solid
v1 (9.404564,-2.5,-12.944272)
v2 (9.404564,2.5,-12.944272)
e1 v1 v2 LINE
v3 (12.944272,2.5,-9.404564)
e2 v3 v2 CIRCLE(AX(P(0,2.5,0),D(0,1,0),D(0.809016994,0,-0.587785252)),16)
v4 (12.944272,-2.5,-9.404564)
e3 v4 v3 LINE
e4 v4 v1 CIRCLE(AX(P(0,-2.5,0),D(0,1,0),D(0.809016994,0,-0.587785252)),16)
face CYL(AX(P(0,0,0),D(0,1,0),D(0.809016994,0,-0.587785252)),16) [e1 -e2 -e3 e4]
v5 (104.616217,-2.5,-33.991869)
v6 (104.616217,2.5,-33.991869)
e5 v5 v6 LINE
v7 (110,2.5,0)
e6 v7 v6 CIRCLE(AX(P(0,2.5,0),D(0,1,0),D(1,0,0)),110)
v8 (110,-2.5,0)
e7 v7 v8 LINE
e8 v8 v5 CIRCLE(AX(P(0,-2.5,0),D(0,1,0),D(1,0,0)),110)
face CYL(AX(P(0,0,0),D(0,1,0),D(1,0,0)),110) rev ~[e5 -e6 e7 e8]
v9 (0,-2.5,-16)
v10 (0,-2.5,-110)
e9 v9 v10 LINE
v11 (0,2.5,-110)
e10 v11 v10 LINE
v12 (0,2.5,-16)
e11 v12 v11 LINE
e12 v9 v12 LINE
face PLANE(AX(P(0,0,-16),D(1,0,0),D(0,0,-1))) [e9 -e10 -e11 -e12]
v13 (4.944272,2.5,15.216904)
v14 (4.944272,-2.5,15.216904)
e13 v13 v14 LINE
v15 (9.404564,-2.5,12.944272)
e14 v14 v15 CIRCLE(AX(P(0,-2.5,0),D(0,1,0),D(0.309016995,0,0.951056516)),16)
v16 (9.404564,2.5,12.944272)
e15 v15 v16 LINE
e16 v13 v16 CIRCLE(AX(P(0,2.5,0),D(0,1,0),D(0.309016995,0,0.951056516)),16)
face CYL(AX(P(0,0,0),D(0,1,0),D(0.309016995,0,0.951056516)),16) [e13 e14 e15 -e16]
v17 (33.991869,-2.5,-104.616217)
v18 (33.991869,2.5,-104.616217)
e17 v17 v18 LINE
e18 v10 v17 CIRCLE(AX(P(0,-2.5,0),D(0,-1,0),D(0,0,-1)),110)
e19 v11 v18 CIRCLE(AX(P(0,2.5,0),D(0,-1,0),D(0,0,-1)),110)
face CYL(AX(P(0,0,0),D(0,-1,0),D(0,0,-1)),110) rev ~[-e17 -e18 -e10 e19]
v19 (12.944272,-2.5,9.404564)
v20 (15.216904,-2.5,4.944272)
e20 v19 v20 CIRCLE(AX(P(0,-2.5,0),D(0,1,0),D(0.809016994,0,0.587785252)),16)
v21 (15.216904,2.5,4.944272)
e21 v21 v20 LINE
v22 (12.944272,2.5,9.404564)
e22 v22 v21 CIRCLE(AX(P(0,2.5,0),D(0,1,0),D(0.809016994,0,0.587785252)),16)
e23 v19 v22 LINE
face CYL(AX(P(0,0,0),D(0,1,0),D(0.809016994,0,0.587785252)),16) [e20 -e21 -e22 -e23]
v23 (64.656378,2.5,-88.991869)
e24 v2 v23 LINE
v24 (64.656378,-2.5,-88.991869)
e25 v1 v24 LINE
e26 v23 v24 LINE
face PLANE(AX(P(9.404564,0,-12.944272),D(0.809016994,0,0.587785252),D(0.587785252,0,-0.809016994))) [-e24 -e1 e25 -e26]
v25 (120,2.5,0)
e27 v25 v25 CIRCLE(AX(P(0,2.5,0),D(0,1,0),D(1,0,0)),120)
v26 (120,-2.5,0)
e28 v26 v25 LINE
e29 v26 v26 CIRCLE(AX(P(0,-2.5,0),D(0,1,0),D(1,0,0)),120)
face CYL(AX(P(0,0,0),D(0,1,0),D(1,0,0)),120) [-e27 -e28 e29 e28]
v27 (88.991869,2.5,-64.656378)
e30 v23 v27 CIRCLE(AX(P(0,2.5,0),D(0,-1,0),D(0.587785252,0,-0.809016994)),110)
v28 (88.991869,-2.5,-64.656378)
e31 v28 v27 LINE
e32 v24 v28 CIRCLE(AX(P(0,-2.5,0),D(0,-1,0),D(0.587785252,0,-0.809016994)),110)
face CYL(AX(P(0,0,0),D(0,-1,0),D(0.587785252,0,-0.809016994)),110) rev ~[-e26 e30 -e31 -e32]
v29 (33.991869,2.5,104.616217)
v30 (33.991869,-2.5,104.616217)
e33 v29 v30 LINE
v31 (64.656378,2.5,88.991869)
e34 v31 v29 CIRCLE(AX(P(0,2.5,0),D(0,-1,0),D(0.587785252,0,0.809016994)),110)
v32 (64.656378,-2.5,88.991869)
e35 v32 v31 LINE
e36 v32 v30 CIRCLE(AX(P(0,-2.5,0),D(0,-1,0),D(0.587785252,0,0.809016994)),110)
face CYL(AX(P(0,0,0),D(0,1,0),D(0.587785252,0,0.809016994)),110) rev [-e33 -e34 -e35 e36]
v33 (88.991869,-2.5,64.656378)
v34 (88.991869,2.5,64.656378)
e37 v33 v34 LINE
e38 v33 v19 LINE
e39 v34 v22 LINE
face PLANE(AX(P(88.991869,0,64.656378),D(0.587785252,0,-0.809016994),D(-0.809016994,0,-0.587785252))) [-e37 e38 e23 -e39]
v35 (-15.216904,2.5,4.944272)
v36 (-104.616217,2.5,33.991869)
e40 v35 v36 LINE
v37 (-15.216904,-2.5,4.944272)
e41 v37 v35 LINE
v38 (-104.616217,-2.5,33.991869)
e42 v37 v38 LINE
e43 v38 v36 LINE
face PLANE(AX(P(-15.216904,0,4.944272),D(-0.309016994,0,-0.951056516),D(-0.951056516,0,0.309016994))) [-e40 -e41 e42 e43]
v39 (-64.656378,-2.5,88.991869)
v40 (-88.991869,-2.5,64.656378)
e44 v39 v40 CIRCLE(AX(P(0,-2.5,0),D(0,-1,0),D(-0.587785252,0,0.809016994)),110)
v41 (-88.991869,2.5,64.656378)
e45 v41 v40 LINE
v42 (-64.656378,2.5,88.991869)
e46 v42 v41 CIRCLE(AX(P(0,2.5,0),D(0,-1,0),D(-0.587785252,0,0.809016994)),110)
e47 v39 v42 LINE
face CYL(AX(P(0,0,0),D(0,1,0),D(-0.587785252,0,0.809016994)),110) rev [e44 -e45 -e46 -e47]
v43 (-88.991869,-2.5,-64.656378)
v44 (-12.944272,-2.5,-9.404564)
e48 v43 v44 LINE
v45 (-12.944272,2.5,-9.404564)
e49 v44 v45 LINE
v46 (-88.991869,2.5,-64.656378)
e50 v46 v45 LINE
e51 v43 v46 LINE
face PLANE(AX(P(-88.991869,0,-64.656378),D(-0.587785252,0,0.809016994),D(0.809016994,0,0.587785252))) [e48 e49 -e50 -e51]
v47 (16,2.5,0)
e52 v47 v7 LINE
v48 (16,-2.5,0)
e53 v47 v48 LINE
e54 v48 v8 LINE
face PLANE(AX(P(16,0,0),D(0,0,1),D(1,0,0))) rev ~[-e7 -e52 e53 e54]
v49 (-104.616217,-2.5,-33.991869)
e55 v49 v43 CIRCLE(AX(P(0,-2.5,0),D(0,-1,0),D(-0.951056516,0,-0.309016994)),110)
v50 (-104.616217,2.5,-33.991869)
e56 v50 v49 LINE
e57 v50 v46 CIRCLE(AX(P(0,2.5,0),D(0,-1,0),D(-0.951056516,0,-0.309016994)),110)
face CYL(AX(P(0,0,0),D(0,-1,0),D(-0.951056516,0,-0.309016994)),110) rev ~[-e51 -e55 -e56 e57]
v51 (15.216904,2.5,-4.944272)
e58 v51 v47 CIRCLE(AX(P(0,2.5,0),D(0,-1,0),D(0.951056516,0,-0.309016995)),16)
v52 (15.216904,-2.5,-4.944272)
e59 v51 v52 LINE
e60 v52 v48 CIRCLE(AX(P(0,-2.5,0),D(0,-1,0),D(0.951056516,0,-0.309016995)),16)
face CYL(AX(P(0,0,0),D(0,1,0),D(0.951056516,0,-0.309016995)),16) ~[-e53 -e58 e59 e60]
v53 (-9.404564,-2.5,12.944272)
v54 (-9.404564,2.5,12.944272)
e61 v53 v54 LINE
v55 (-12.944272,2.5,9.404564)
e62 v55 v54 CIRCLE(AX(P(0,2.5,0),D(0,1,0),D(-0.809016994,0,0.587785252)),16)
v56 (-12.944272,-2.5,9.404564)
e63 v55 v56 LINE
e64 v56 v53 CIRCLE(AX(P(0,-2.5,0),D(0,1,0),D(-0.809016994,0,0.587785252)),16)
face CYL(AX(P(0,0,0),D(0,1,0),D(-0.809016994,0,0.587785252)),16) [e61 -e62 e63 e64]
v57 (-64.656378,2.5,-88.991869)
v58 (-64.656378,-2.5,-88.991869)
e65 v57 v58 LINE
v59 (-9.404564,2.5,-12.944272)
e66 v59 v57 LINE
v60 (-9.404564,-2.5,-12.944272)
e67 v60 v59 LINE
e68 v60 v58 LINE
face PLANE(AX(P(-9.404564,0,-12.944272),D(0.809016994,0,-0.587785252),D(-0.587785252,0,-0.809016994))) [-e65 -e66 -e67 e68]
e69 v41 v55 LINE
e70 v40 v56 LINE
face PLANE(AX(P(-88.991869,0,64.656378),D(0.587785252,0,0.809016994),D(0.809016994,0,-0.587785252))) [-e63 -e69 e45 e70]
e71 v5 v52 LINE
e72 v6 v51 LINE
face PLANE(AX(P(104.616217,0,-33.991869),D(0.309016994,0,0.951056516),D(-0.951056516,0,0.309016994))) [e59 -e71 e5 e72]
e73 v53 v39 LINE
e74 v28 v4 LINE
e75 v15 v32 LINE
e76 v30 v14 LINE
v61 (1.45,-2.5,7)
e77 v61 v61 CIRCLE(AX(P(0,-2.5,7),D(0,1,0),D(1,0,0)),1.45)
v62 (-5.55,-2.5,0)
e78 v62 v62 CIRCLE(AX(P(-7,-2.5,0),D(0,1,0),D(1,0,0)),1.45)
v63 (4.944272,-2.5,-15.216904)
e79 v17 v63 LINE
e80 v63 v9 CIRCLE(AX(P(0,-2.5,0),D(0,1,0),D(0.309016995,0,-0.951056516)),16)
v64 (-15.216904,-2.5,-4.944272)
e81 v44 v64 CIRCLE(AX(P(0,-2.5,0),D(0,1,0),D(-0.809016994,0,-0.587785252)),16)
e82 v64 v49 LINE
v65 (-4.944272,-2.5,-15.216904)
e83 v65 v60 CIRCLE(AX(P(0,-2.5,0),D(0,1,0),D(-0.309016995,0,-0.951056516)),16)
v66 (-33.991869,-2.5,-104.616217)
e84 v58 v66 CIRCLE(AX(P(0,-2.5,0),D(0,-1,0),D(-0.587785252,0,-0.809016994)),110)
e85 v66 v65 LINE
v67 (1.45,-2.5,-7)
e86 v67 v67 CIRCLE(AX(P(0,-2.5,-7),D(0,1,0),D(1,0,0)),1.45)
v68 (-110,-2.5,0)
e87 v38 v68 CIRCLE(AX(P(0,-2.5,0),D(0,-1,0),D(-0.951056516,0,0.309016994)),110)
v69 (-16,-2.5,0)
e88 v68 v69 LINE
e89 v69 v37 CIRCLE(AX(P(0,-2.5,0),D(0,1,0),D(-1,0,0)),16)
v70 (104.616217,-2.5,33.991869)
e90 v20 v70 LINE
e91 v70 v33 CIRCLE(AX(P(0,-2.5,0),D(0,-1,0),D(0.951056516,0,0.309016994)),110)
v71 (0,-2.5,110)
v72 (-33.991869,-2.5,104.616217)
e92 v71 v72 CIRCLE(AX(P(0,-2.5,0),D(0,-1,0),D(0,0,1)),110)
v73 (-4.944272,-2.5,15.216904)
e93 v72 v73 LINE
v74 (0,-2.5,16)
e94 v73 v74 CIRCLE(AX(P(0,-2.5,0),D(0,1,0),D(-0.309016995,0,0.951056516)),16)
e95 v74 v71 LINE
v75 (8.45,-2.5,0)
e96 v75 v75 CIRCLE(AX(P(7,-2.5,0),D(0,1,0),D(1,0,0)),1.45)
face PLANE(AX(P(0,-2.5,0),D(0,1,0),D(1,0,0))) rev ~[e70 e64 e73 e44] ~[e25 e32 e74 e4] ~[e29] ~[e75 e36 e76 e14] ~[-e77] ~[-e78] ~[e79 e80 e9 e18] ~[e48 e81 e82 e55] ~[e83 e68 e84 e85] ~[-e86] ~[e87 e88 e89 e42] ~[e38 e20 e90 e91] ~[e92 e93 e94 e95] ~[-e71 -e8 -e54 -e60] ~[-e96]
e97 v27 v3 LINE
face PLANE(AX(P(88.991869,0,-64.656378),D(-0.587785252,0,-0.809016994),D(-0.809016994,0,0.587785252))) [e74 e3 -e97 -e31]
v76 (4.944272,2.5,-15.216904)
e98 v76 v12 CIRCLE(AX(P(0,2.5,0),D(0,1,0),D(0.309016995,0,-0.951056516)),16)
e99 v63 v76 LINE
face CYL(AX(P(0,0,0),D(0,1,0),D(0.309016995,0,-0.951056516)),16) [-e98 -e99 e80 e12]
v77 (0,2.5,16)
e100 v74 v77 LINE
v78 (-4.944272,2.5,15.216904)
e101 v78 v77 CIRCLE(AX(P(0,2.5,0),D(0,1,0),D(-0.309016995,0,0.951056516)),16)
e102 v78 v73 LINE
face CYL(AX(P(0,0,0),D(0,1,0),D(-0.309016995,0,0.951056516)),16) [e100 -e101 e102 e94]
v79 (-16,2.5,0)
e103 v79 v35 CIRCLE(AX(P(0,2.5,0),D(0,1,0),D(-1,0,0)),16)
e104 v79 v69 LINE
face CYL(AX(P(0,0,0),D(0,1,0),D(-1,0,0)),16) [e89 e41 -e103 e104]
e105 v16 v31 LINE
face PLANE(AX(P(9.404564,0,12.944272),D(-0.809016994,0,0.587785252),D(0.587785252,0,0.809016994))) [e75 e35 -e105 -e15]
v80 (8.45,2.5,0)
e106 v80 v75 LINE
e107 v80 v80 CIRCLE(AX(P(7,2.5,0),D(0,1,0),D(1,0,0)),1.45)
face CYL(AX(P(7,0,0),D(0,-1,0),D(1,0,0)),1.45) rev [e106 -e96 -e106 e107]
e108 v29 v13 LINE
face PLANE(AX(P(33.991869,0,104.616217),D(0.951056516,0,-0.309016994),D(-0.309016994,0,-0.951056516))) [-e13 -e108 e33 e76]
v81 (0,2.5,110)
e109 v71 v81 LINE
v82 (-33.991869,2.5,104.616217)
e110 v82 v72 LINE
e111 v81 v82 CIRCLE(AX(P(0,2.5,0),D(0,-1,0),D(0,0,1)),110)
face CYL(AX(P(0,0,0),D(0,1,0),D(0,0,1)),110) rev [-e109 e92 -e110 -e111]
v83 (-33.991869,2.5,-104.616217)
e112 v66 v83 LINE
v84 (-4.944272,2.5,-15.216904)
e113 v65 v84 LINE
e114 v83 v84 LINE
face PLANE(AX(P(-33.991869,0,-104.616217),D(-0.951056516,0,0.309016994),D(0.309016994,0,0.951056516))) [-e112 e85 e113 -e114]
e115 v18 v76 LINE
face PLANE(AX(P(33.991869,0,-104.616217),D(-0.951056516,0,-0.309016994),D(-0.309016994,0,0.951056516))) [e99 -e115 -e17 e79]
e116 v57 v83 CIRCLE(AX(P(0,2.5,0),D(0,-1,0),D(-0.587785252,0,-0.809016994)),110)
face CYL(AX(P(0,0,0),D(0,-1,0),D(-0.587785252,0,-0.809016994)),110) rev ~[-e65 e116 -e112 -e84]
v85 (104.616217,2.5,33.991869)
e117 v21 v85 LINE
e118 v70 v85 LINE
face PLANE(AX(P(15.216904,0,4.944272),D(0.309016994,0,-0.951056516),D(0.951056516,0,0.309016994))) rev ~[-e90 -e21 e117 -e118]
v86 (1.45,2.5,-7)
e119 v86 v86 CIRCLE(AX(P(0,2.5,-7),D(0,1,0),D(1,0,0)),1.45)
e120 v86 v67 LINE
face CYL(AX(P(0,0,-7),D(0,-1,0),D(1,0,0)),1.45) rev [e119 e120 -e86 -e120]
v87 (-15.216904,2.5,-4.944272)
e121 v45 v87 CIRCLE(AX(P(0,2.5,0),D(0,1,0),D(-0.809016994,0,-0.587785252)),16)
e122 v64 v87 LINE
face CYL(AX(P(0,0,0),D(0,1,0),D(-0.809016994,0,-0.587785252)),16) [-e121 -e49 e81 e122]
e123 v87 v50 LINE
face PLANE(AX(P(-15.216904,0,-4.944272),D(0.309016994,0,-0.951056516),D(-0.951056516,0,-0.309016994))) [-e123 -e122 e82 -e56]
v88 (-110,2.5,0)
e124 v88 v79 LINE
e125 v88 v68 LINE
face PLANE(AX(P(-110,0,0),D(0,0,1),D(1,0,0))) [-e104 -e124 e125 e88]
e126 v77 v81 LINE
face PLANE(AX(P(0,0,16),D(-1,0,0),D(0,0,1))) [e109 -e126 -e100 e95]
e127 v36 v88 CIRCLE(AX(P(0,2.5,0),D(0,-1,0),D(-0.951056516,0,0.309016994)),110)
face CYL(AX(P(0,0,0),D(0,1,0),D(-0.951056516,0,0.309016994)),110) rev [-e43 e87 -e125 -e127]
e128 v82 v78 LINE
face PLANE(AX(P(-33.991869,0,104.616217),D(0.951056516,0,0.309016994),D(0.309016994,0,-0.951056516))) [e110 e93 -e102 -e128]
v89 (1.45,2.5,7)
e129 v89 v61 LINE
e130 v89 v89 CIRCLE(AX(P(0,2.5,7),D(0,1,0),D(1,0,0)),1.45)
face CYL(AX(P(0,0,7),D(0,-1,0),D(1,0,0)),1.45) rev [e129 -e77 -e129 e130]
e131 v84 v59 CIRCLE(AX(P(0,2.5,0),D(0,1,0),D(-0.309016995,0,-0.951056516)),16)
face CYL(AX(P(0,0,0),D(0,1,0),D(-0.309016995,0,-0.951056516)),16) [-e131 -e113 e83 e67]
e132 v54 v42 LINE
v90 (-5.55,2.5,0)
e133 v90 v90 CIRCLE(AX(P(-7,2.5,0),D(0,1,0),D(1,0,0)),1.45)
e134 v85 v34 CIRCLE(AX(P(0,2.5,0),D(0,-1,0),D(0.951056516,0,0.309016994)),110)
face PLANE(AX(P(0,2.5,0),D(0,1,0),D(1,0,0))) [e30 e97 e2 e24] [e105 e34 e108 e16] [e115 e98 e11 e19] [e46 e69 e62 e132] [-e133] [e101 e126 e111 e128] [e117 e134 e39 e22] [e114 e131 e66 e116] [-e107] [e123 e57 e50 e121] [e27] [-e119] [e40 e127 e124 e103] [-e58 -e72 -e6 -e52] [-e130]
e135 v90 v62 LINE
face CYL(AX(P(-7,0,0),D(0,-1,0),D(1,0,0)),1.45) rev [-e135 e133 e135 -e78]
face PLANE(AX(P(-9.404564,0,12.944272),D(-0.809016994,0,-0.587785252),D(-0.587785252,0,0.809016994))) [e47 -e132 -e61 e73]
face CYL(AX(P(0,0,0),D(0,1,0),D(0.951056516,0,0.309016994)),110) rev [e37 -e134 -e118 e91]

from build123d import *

# Parameters (mm, degrees)
SKETCH_1_R      = 120
SKETCH_1_R_2    = 1.45
EXTRUDE_1_DEPTH = 2.5


with BuildPart() as part:
    # 草图1 → 凸台-拉伸1 (new body, symmetric)
    with BuildSketch(Plane(origin=(0, 0, 0), x_dir=(1, 0, 0), z_dir=(0, 1, 0))):
        Circle(SKETCH_1_R)
        with Locations((7, 0)):
            Circle(SKETCH_1_R_2, mode=Mode.SUBTRACT)
        with Locations((0, 7)):
            Circle(SKETCH_1_R_2, mode=Mode.SUBTRACT)
        with Locations((-7, 0)):
            Circle(SKETCH_1_R_2, mode=Mode.SUBTRACT)
        with Locations((0, -7)):
            Circle(SKETCH_1_R_2, mode=Mode.SUBTRACT)
        with BuildLine():
            Line((16, 0), (110, 0))
            ThreePointArc((110, 0), (108.645717465, 17.207791154), (104.616216792, 33.991869381))
            Line((104.616216792, 33.991869381), (15.216904261, 4.94427191))
            ThreePointArc((15.216904261, 4.94427191), (15.80301345, 2.502951441), (16, 0))
        make_face(mode=Mode.SUBTRACT)
        with BuildLine():
            Line((9.404564037, 12.94427191), (64.656377752, 88.991869381))
            ThreePointArc((64.656377752, 88.991869381), (77.781745931, 77.781745931), (88.991869381, 64.656377752))
            Line((88.991869381, 64.656377752), (12.94427191, 9.404564037))
            ThreePointArc((12.94427191, 9.404564037), (11.313708499, 11.313708499), (9.404564037, 12.94427191))
        make_face(mode=Mode.SUBTRACT)
        with BuildLine():
            Line((0, 16), (0, 110))
            ThreePointArc((0, 110), (17.207791154, 108.645717465), (33.991869381, 104.616216792))
            Line((33.991869381, 104.616216792), (4.94427191, 15.216904261))
            ThreePointArc((4.94427191, 15.216904261), (2.502951441, 15.80301345), (0, 16))
        make_face(mode=Mode.SUBTRACT)
        with BuildLine():
            Line((-9.404564037, 12.94427191), (-64.656377752, 88.991869381))
            ThreePointArc((-64.656377752, 88.991869381), (-49.938954971, 98.010717661), (-33.991869381, 104.616216792))
            Line((-33.991869381, 104.616216792), (-4.94427191, 15.216904261))
            ThreePointArc((-4.94427191, 15.216904261), (-7.263847996, 14.256104387), (-9.404564037, 12.94427191))
        make_face(mode=Mode.SUBTRACT)
        with BuildLine():
            Line((-15.216904261, 4.94427191), (-104.616216792, 33.991869381))
            ThreePointArc((-104.616216792, 33.991869381), (-98.010717661, 49.938954971), (-88.991869381, 64.656377752))
            Line((-88.991869381, 64.656377752), (-12.94427191, 9.404564037))
            ThreePointArc((-12.94427191, 9.404564037), (-14.256104387, 7.263847996), (-15.216904261, 4.94427191))
        make_face(mode=Mode.SUBTRACT)
        with BuildLine():
            Line((-15.216904261, -4.94427191), (-104.616216792, -33.991869381))
            ThreePointArc((-104.616216792, -33.991869381), (-108.645717465, -17.207791154), (-110, 0))
            Line((-110, 0), (-16, 0))
            ThreePointArc((-16, 0), (-15.80301345, -2.502951441), (-15.216904261, -4.94427191))
        make_face(mode=Mode.SUBTRACT)
        with BuildLine():
            Line((-9.404564037, -12.94427191), (-64.656377752, -88.991869381))
            ThreePointArc((-64.656377752, -88.991869381), (-77.781745931, -77.781745931), (-88.991869381, -64.656377752))
            Line((-88.991869381, -64.656377752), (-12.94427191, -9.404564037))
            ThreePointArc((-12.94427191, -9.404564037), (-11.313708499, -11.313708499), (-9.404564037, -12.94427191))
        make_face(mode=Mode.SUBTRACT)
        with BuildLine():
            Line((0, -16), (0, -110))
            ThreePointArc((0, -110), (-17.207791154, -108.645717465), (-33.991869381, -104.616216792))
            Line((-33.991869381, -104.616216792), (-4.94427191, -15.216904261))
            ThreePointArc((-4.94427191, -15.216904261), (-2.502951441, -15.80301345), (0, -16))
        make_face(mode=Mode.SUBTRACT)
        with BuildLine():
            Line((9.404564037, -12.94427191), (64.656377752, -88.991869381))
            ThreePointArc((64.656377752, -88.991869381), (49.938954971, -98.010717661), (33.991869381, -104.616216792))
            Line((33.991869381, -104.616216792), (4.94427191, -15.216904261))
            ThreePointArc((4.94427191, -15.216904261), (7.263847996, -14.256104387), (9.404564037, -12.94427191))
        make_face(mode=Mode.SUBTRACT)
        with BuildLine():
            Line((15.216904261, -4.94427191), (104.616216792, -33.991869381))
            ThreePointArc((104.616216792, -33.991869381), (98.010717661, -49.938954971), (88.991869381, -64.656377752))
            Line((88.991869381, -64.656377752), (12.94427191, -9.404564037))
            ThreePointArc((12.94427191, -9.404564037), (14.256104387, -7.263847996), (15.216904261, -4.94427191))
        make_face(mode=Mode.SUBTRACT)
    extrude(amount=EXTRUDE_1_DEPTH, both=True)


solid = part.part
